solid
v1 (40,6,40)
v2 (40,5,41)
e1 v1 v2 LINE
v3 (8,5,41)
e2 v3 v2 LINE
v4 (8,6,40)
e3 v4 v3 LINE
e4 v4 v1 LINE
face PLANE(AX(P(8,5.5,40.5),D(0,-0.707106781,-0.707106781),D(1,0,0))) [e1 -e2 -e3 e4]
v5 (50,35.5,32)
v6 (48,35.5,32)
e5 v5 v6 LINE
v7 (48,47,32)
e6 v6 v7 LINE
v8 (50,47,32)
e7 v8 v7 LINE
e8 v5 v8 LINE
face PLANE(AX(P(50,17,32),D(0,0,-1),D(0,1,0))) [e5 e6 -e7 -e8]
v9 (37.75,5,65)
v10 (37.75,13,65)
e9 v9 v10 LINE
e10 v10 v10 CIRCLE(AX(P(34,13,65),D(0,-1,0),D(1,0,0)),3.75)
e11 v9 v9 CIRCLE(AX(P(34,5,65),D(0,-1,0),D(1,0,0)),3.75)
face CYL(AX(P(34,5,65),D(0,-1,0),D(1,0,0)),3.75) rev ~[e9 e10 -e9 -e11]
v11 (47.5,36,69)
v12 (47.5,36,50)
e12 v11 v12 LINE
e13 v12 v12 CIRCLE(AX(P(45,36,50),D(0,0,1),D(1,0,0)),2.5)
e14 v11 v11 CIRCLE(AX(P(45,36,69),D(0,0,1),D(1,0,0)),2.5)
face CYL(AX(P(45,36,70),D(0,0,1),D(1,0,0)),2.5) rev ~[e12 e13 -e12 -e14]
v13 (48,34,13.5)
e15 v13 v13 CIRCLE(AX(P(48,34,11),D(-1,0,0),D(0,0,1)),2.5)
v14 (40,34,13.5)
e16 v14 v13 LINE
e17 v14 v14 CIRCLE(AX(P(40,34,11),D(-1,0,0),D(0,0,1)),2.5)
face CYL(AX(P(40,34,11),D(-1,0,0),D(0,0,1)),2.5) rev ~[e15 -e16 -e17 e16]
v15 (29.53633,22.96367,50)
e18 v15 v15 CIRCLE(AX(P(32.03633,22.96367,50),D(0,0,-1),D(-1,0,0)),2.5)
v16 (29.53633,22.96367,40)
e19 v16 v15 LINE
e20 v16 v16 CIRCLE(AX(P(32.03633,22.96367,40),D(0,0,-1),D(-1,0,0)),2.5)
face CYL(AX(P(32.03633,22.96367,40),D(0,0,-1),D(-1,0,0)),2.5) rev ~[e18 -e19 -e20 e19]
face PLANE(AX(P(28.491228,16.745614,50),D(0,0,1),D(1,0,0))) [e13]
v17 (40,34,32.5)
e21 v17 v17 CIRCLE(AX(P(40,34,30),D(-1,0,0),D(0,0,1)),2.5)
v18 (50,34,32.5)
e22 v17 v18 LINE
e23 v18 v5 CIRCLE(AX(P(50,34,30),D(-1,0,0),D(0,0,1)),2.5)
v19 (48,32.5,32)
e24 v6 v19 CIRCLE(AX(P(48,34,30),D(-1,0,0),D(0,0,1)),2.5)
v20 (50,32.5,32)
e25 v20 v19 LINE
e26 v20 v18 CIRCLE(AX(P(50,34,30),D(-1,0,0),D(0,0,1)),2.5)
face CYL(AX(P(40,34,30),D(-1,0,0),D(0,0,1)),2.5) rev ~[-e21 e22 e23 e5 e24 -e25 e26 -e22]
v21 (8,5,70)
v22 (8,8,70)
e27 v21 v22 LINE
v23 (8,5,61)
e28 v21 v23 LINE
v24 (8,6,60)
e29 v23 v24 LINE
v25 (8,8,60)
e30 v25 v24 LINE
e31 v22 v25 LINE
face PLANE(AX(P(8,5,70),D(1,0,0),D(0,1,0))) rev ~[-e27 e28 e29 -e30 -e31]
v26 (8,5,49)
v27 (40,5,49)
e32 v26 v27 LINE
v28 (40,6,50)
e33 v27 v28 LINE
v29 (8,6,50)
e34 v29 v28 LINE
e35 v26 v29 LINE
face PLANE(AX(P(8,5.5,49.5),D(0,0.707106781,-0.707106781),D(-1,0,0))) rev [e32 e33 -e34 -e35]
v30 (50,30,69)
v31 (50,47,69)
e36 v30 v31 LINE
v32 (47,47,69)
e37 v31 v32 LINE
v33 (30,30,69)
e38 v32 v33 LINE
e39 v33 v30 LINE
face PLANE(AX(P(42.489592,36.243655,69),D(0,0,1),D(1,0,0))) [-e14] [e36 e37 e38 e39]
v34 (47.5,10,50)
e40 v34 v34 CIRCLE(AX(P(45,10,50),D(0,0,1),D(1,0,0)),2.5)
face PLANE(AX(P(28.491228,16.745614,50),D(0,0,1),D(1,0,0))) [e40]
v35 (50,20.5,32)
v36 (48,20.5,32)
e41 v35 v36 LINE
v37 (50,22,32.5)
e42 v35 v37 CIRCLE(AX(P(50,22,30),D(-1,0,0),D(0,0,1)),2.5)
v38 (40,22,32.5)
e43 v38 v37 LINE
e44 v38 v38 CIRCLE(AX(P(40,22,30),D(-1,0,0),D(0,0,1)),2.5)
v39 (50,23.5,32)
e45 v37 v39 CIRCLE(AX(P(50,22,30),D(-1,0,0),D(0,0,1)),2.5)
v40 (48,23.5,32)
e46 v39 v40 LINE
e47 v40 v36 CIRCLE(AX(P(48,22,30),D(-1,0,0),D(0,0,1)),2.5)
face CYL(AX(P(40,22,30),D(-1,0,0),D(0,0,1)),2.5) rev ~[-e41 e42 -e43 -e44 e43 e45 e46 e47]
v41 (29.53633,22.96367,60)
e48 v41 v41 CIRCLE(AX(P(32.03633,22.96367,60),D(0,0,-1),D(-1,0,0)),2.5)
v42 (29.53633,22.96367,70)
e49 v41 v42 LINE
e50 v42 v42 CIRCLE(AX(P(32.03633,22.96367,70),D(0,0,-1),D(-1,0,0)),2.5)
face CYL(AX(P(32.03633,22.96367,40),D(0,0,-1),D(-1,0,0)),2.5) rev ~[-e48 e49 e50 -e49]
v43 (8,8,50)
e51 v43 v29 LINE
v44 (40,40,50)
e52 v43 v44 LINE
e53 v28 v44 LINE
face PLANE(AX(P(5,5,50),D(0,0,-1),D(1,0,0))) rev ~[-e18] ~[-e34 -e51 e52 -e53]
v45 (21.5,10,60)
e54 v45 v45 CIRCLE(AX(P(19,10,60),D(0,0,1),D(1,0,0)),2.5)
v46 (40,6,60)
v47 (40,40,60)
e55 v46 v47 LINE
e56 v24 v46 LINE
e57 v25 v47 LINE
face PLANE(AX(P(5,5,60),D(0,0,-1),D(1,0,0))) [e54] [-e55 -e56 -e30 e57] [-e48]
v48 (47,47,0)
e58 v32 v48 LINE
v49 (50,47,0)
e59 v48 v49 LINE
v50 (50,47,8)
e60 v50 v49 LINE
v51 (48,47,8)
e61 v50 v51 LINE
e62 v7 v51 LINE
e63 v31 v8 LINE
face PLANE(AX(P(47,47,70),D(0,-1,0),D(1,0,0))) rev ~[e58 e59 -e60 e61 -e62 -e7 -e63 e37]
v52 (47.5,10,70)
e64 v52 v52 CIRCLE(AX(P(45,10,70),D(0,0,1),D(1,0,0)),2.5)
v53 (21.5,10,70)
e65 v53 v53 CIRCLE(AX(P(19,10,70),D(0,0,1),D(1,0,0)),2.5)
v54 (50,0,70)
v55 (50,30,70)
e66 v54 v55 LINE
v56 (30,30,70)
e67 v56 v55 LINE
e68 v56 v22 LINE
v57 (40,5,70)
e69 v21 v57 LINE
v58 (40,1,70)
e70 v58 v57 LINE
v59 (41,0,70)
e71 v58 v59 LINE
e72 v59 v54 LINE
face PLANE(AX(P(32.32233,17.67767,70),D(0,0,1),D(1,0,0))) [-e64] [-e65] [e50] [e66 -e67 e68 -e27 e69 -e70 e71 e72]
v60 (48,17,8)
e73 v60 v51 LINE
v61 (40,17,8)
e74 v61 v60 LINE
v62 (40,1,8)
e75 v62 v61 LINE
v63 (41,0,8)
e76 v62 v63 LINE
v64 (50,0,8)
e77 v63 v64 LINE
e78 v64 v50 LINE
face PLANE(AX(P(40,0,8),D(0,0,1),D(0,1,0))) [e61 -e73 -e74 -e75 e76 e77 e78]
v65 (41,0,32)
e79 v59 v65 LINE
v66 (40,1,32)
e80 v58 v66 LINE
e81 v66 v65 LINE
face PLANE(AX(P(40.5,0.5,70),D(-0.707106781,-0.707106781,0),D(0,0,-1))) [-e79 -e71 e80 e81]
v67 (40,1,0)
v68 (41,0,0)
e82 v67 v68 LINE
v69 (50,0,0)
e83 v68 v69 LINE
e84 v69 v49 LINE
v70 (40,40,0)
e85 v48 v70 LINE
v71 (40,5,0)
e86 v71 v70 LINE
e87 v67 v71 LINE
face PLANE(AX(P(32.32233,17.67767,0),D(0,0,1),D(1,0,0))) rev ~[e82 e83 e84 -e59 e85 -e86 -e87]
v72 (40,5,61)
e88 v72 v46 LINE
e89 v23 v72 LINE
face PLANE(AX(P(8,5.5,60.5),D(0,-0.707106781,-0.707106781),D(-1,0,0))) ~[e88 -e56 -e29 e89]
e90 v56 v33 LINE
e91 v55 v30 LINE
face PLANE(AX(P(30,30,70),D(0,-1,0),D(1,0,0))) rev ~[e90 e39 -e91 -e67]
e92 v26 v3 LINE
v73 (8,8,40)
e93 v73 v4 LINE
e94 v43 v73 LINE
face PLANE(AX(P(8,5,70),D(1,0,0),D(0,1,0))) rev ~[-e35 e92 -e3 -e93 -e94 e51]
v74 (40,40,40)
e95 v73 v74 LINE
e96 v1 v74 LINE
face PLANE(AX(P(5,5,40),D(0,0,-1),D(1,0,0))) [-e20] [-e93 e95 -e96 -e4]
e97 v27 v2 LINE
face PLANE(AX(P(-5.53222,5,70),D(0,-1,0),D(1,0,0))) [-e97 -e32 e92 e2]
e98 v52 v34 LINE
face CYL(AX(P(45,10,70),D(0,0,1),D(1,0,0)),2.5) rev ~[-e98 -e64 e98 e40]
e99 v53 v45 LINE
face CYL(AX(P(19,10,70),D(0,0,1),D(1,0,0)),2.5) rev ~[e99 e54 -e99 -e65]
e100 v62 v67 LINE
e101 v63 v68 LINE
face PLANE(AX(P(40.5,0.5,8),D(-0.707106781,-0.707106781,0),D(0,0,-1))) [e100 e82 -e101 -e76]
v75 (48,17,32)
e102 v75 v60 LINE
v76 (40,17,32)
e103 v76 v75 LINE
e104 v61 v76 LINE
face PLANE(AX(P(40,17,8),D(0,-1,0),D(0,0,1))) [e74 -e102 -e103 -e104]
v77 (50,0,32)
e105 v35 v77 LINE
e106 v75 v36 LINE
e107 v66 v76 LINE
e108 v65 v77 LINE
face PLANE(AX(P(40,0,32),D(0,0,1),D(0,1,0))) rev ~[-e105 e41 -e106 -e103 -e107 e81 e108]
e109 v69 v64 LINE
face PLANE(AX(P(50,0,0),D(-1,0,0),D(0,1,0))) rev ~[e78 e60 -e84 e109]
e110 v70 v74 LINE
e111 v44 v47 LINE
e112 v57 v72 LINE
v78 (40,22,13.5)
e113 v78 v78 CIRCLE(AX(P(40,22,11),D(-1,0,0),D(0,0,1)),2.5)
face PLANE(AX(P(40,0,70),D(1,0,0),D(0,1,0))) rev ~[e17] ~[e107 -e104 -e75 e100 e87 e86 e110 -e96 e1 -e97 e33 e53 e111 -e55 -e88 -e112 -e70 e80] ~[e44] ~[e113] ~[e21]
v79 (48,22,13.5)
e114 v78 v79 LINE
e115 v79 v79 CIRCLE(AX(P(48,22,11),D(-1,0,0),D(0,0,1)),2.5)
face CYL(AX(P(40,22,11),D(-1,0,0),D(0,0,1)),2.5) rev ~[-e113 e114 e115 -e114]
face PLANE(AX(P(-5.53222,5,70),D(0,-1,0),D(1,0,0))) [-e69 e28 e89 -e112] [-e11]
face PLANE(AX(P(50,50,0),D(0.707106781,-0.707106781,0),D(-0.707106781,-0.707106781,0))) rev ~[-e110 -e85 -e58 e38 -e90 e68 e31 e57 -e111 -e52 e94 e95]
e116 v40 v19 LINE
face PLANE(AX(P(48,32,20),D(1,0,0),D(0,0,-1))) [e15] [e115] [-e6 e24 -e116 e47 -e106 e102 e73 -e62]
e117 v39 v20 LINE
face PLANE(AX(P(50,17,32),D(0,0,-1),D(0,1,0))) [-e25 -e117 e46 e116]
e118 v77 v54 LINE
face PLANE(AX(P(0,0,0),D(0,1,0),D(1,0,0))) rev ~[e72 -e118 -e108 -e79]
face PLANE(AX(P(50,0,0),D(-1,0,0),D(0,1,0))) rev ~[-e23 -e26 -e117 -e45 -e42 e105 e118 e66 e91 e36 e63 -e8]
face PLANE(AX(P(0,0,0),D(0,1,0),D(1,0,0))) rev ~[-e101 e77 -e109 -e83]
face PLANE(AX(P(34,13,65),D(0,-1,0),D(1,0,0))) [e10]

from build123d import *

# Parameters (mm, degrees)
EXTRUDE_1_DEPTH      = 70
SKETCH_2_W           = 45.532219889
SKETCH_2_H           = 5
CUT_EXTRUDE_1_DEPTH  = 100.498743711
SKETCH_3_W           = 35
SKETCH_3_H           = 10
SKETCH_3_H_2         = 46.866381138
CUT_EXTRUDE_2_DEPTH  = 98.082439195
CUT_EXTRUDE_3_DEPTH  = 100.498743711
CUT_EXTRUDE_7_REACH  = 101.499
SKETCH_9_R           = 2.5
CHAMFER_1_SIZE       = 1
SKETCH_11_R          = 3.75
CUT_EXTRUDE_10_DEPTH = 8
CUT_EXTRUDE_11_DEPTH = 100.498743711
CUT_EXTRUDE_12_DEPTH = 1
SKETCH_15_W          = 24
SKETCH_15_H          = 17
CUT_EXTRUDE_14_DEPTH = 10
SKETCH_16_R          = 2.5
CUT_EXTRUDE_15_DEPTH = 91.183146984
SKETCH_17_W          = 24
SKETCH_17_H          = 30
CUT_EXTRUDE_16_DEPTH = 2
SKETCH_7_R           = 2.5
CUT_EXTRUDE_17_DEPTH = 80.429213769
CHAMFER_2_SIZE       = 1
CHAMFER_3_SIZE       = 1


with BuildPart() as part:
    # 草图1 → 拉伸1 (new body)
    with BuildSketch(Plane.XY):
        Polygon((0, 0), (50, 0), (50, 50), align=None)
    extrude(amount=EXTRUDE_1_DEPTH)

    # 草图2 → 切除-拉伸1 (cut, through all)
    with BuildSketch(Plane.XY.offset(70)):
        with Locations((17.233890055, 2.5)):
            Rectangle(SKETCH_2_W, SKETCH_2_H)
    extrude(amount=-CUT_EXTRUDE_1_DEPTH, mode=Mode.SUBTRACT)

    # 草图3 → 切除-拉伸2 (cut, through all)
    with BuildSketch(Plane.XZ.offset(-5)):
        with Locations((22.5, 55)):
            Rectangle(SKETCH_3_W, SKETCH_3_H)
        with Locations((22.5, 16.566809431)):
            Rectangle(SKETCH_3_W, SKETCH_3_H_2)
    extrude(amount=-CUT_EXTRUDE_2_DEPTH, mode=Mode.SUBTRACT)

    # 草图4 → 切除-拉伸3 (cut, through all)
    with BuildSketch(Plane.XY.offset(70)):
        Polygon((5, 5), (8, 5), (8, 8), align=None)
    extrude(amount=-CUT_EXTRUDE_3_DEPTH, mode=Mode.SUBTRACT)

    # 切除-拉伸7: up to this face of the body (flat: up to its plane)
    cut_extrude_7_end = Plane(part.part.faces().sort_by_distance((28.49122807, 16.745614035, 50))[0])
    # 草图9 → 切除-拉伸7 (cut, up to the picked face)
    with BuildSketch(Plane.XY.offset(70), mode=Mode.PRIVATE) as cut_extrude_7_sk1:
        with Locations((45, 36)):
            Circle(SKETCH_9_R)
    cut_extrude_7_tool1 = split(extrude(cut_extrude_7_sk1.sketch, amount=-CUT_EXTRUDE_7_REACH, mode=Mode.PRIVATE), bisect_by=cut_extrude_7_end, keep=Keep.BOTH, mode=Mode.PRIVATE)
    # 草图9 → 切除-拉伸7 (cut, up to the picked face)
    with BuildSketch(Plane.XY.offset(70), mode=Mode.PRIVATE) as cut_extrude_7_sk2:
        with Locations((45, 10)):
            Circle(SKETCH_9_R)
    cut_extrude_7_tool2 = split(extrude(cut_extrude_7_sk2.sketch, amount=-CUT_EXTRUDE_7_REACH, mode=Mode.PRIVATE), bisect_by=cut_extrude_7_end, keep=Keep.BOTH, mode=Mode.PRIVATE)
    # 草图9 → 切除-拉伸7 (cut, up to the picked face)
    with BuildSketch(Plane.XY.offset(70), mode=Mode.PRIVATE) as cut_extrude_7_sk3:
        with Locations((19, 10)):
            Circle(SKETCH_9_R)
    cut_extrude_7_tool3 = split(extrude(cut_extrude_7_sk3.sketch, amount=-CUT_EXTRUDE_7_REACH, mode=Mode.PRIVATE), bisect_by=cut_extrude_7_end, keep=Keep.BOTH, mode=Mode.PRIVATE)
    add(cut_extrude_7_tool1.solids().sort_by(Axis((45, 36, 70), (0, 0, -1)))[0], mode=Mode.SUBTRACT)
    add(cut_extrude_7_tool2.solids().sort_by(Axis((45, 10, 70), (0, 0, -1)))[0], mode=Mode.SUBTRACT)
    add(cut_extrude_7_tool3.solids().sort_by(Axis((19, 10, 70), (0, 0, -1)))[0], mode=Mode.SUBTRACT)

    # 倒角1
    chamfer_1_edges = [part.edges().sort_by_distance(p)[0] for p in [
        (24, 5, 60),
        (24, 5, 40),
        (24, 5, 50),
    ]]
    chamfer(chamfer_1_edges, length=CHAMFER_1_SIZE)

    # 草图11 → 切除-拉伸10 (cut)
    with BuildSketch(Plane.XZ.offset(-5)):
        with Locations((34, 65)):
            Circle(SKETCH_11_R)
    extrude(amount=-CUT_EXTRUDE_10_DEPTH, mode=Mode.SUBTRACT)

    # 草图13 → 切除-拉伸11 (cut, through all)
    with BuildSketch(Plane.XY.offset(70)):
        Polygon((50, 50), (47, 47), (50, 47), align=None)
    extrude(amount=-CUT_EXTRUDE_11_DEPTH, mode=Mode.SUBTRACT)

    # 草图14 → 切除-拉伸12 (cut)
    with BuildSketch(Plane.XY.offset(70)):
        Polygon((50, 47), (47, 47), (30, 30), (50, 30), align=None)
    extrude(amount=-CUT_EXTRUDE_12_DEPTH, mode=Mode.SUBTRACT)

    # 草图15 → 切除-拉伸14 (cut)
    with BuildSketch(Plane.ZY.offset(-40)):
        with Locations((20, 8.5)):
            Rectangle(SKETCH_15_W, SKETCH_15_H)
    extrude(amount=-CUT_EXTRUDE_14_DEPTH, mode=Mode.SUBTRACT)

    # 草图16 → 切除-拉伸15 (cut, through all)
    with BuildSketch(Plane.ZY.offset(-40)):
        with Locations((30, 34)):
            Circle(SKETCH_16_R)
        with Locations((30, 22)):
            Circle(SKETCH_16_R)
        with Locations((11, 34)):
            Circle(SKETCH_16_R)
        with Locations((11, 22)):
            Circle(SKETCH_16_R)
    extrude(amount=-CUT_EXTRUDE_15_DEPTH, mode=Mode.SUBTRACT)

    # 草图17 → 切除-拉伸16 (cut)
    with BuildSketch(Plane(origin=(50, 0, 0), x_dir=(0, 0, -1), z_dir=(1, 0, 0))):
        with Locations((-20, 32)):
            Rectangle(SKETCH_17_W, SKETCH_17_H)
    extrude(amount=-CUT_EXTRUDE_16_DEPTH, mode=Mode.SUBTRACT)

    # 草图7 → 切除-拉伸17 (cut, through all)
    with BuildSketch(Plane(origin=(0, 0, 40), x_dir=(-1, 0, 0), z_dir=(0, 0, -1))):
        with Locations((-32.036330274, 22.963669726)):
            Circle(SKETCH_7_R)
    extrude(amount=-CUT_EXTRUDE_17_DEPTH, mode=Mode.SUBTRACT)

    # 倒角2
    chamfer_2_edges = [part.edges().sort_by_distance(p)[0] for p in [
        (40, 0, 51),
    ]]
    chamfer(chamfer_2_edges, length=CHAMFER_2_SIZE)

    # 倒角3
    chamfer_3_edges = [part.edges().sort_by_distance(p)[0] for p in [
        (40, 0, 4),
    ]]
    chamfer(chamfer_3_edges, length=CHAMFER_3_SIZE)


solid = part.part
